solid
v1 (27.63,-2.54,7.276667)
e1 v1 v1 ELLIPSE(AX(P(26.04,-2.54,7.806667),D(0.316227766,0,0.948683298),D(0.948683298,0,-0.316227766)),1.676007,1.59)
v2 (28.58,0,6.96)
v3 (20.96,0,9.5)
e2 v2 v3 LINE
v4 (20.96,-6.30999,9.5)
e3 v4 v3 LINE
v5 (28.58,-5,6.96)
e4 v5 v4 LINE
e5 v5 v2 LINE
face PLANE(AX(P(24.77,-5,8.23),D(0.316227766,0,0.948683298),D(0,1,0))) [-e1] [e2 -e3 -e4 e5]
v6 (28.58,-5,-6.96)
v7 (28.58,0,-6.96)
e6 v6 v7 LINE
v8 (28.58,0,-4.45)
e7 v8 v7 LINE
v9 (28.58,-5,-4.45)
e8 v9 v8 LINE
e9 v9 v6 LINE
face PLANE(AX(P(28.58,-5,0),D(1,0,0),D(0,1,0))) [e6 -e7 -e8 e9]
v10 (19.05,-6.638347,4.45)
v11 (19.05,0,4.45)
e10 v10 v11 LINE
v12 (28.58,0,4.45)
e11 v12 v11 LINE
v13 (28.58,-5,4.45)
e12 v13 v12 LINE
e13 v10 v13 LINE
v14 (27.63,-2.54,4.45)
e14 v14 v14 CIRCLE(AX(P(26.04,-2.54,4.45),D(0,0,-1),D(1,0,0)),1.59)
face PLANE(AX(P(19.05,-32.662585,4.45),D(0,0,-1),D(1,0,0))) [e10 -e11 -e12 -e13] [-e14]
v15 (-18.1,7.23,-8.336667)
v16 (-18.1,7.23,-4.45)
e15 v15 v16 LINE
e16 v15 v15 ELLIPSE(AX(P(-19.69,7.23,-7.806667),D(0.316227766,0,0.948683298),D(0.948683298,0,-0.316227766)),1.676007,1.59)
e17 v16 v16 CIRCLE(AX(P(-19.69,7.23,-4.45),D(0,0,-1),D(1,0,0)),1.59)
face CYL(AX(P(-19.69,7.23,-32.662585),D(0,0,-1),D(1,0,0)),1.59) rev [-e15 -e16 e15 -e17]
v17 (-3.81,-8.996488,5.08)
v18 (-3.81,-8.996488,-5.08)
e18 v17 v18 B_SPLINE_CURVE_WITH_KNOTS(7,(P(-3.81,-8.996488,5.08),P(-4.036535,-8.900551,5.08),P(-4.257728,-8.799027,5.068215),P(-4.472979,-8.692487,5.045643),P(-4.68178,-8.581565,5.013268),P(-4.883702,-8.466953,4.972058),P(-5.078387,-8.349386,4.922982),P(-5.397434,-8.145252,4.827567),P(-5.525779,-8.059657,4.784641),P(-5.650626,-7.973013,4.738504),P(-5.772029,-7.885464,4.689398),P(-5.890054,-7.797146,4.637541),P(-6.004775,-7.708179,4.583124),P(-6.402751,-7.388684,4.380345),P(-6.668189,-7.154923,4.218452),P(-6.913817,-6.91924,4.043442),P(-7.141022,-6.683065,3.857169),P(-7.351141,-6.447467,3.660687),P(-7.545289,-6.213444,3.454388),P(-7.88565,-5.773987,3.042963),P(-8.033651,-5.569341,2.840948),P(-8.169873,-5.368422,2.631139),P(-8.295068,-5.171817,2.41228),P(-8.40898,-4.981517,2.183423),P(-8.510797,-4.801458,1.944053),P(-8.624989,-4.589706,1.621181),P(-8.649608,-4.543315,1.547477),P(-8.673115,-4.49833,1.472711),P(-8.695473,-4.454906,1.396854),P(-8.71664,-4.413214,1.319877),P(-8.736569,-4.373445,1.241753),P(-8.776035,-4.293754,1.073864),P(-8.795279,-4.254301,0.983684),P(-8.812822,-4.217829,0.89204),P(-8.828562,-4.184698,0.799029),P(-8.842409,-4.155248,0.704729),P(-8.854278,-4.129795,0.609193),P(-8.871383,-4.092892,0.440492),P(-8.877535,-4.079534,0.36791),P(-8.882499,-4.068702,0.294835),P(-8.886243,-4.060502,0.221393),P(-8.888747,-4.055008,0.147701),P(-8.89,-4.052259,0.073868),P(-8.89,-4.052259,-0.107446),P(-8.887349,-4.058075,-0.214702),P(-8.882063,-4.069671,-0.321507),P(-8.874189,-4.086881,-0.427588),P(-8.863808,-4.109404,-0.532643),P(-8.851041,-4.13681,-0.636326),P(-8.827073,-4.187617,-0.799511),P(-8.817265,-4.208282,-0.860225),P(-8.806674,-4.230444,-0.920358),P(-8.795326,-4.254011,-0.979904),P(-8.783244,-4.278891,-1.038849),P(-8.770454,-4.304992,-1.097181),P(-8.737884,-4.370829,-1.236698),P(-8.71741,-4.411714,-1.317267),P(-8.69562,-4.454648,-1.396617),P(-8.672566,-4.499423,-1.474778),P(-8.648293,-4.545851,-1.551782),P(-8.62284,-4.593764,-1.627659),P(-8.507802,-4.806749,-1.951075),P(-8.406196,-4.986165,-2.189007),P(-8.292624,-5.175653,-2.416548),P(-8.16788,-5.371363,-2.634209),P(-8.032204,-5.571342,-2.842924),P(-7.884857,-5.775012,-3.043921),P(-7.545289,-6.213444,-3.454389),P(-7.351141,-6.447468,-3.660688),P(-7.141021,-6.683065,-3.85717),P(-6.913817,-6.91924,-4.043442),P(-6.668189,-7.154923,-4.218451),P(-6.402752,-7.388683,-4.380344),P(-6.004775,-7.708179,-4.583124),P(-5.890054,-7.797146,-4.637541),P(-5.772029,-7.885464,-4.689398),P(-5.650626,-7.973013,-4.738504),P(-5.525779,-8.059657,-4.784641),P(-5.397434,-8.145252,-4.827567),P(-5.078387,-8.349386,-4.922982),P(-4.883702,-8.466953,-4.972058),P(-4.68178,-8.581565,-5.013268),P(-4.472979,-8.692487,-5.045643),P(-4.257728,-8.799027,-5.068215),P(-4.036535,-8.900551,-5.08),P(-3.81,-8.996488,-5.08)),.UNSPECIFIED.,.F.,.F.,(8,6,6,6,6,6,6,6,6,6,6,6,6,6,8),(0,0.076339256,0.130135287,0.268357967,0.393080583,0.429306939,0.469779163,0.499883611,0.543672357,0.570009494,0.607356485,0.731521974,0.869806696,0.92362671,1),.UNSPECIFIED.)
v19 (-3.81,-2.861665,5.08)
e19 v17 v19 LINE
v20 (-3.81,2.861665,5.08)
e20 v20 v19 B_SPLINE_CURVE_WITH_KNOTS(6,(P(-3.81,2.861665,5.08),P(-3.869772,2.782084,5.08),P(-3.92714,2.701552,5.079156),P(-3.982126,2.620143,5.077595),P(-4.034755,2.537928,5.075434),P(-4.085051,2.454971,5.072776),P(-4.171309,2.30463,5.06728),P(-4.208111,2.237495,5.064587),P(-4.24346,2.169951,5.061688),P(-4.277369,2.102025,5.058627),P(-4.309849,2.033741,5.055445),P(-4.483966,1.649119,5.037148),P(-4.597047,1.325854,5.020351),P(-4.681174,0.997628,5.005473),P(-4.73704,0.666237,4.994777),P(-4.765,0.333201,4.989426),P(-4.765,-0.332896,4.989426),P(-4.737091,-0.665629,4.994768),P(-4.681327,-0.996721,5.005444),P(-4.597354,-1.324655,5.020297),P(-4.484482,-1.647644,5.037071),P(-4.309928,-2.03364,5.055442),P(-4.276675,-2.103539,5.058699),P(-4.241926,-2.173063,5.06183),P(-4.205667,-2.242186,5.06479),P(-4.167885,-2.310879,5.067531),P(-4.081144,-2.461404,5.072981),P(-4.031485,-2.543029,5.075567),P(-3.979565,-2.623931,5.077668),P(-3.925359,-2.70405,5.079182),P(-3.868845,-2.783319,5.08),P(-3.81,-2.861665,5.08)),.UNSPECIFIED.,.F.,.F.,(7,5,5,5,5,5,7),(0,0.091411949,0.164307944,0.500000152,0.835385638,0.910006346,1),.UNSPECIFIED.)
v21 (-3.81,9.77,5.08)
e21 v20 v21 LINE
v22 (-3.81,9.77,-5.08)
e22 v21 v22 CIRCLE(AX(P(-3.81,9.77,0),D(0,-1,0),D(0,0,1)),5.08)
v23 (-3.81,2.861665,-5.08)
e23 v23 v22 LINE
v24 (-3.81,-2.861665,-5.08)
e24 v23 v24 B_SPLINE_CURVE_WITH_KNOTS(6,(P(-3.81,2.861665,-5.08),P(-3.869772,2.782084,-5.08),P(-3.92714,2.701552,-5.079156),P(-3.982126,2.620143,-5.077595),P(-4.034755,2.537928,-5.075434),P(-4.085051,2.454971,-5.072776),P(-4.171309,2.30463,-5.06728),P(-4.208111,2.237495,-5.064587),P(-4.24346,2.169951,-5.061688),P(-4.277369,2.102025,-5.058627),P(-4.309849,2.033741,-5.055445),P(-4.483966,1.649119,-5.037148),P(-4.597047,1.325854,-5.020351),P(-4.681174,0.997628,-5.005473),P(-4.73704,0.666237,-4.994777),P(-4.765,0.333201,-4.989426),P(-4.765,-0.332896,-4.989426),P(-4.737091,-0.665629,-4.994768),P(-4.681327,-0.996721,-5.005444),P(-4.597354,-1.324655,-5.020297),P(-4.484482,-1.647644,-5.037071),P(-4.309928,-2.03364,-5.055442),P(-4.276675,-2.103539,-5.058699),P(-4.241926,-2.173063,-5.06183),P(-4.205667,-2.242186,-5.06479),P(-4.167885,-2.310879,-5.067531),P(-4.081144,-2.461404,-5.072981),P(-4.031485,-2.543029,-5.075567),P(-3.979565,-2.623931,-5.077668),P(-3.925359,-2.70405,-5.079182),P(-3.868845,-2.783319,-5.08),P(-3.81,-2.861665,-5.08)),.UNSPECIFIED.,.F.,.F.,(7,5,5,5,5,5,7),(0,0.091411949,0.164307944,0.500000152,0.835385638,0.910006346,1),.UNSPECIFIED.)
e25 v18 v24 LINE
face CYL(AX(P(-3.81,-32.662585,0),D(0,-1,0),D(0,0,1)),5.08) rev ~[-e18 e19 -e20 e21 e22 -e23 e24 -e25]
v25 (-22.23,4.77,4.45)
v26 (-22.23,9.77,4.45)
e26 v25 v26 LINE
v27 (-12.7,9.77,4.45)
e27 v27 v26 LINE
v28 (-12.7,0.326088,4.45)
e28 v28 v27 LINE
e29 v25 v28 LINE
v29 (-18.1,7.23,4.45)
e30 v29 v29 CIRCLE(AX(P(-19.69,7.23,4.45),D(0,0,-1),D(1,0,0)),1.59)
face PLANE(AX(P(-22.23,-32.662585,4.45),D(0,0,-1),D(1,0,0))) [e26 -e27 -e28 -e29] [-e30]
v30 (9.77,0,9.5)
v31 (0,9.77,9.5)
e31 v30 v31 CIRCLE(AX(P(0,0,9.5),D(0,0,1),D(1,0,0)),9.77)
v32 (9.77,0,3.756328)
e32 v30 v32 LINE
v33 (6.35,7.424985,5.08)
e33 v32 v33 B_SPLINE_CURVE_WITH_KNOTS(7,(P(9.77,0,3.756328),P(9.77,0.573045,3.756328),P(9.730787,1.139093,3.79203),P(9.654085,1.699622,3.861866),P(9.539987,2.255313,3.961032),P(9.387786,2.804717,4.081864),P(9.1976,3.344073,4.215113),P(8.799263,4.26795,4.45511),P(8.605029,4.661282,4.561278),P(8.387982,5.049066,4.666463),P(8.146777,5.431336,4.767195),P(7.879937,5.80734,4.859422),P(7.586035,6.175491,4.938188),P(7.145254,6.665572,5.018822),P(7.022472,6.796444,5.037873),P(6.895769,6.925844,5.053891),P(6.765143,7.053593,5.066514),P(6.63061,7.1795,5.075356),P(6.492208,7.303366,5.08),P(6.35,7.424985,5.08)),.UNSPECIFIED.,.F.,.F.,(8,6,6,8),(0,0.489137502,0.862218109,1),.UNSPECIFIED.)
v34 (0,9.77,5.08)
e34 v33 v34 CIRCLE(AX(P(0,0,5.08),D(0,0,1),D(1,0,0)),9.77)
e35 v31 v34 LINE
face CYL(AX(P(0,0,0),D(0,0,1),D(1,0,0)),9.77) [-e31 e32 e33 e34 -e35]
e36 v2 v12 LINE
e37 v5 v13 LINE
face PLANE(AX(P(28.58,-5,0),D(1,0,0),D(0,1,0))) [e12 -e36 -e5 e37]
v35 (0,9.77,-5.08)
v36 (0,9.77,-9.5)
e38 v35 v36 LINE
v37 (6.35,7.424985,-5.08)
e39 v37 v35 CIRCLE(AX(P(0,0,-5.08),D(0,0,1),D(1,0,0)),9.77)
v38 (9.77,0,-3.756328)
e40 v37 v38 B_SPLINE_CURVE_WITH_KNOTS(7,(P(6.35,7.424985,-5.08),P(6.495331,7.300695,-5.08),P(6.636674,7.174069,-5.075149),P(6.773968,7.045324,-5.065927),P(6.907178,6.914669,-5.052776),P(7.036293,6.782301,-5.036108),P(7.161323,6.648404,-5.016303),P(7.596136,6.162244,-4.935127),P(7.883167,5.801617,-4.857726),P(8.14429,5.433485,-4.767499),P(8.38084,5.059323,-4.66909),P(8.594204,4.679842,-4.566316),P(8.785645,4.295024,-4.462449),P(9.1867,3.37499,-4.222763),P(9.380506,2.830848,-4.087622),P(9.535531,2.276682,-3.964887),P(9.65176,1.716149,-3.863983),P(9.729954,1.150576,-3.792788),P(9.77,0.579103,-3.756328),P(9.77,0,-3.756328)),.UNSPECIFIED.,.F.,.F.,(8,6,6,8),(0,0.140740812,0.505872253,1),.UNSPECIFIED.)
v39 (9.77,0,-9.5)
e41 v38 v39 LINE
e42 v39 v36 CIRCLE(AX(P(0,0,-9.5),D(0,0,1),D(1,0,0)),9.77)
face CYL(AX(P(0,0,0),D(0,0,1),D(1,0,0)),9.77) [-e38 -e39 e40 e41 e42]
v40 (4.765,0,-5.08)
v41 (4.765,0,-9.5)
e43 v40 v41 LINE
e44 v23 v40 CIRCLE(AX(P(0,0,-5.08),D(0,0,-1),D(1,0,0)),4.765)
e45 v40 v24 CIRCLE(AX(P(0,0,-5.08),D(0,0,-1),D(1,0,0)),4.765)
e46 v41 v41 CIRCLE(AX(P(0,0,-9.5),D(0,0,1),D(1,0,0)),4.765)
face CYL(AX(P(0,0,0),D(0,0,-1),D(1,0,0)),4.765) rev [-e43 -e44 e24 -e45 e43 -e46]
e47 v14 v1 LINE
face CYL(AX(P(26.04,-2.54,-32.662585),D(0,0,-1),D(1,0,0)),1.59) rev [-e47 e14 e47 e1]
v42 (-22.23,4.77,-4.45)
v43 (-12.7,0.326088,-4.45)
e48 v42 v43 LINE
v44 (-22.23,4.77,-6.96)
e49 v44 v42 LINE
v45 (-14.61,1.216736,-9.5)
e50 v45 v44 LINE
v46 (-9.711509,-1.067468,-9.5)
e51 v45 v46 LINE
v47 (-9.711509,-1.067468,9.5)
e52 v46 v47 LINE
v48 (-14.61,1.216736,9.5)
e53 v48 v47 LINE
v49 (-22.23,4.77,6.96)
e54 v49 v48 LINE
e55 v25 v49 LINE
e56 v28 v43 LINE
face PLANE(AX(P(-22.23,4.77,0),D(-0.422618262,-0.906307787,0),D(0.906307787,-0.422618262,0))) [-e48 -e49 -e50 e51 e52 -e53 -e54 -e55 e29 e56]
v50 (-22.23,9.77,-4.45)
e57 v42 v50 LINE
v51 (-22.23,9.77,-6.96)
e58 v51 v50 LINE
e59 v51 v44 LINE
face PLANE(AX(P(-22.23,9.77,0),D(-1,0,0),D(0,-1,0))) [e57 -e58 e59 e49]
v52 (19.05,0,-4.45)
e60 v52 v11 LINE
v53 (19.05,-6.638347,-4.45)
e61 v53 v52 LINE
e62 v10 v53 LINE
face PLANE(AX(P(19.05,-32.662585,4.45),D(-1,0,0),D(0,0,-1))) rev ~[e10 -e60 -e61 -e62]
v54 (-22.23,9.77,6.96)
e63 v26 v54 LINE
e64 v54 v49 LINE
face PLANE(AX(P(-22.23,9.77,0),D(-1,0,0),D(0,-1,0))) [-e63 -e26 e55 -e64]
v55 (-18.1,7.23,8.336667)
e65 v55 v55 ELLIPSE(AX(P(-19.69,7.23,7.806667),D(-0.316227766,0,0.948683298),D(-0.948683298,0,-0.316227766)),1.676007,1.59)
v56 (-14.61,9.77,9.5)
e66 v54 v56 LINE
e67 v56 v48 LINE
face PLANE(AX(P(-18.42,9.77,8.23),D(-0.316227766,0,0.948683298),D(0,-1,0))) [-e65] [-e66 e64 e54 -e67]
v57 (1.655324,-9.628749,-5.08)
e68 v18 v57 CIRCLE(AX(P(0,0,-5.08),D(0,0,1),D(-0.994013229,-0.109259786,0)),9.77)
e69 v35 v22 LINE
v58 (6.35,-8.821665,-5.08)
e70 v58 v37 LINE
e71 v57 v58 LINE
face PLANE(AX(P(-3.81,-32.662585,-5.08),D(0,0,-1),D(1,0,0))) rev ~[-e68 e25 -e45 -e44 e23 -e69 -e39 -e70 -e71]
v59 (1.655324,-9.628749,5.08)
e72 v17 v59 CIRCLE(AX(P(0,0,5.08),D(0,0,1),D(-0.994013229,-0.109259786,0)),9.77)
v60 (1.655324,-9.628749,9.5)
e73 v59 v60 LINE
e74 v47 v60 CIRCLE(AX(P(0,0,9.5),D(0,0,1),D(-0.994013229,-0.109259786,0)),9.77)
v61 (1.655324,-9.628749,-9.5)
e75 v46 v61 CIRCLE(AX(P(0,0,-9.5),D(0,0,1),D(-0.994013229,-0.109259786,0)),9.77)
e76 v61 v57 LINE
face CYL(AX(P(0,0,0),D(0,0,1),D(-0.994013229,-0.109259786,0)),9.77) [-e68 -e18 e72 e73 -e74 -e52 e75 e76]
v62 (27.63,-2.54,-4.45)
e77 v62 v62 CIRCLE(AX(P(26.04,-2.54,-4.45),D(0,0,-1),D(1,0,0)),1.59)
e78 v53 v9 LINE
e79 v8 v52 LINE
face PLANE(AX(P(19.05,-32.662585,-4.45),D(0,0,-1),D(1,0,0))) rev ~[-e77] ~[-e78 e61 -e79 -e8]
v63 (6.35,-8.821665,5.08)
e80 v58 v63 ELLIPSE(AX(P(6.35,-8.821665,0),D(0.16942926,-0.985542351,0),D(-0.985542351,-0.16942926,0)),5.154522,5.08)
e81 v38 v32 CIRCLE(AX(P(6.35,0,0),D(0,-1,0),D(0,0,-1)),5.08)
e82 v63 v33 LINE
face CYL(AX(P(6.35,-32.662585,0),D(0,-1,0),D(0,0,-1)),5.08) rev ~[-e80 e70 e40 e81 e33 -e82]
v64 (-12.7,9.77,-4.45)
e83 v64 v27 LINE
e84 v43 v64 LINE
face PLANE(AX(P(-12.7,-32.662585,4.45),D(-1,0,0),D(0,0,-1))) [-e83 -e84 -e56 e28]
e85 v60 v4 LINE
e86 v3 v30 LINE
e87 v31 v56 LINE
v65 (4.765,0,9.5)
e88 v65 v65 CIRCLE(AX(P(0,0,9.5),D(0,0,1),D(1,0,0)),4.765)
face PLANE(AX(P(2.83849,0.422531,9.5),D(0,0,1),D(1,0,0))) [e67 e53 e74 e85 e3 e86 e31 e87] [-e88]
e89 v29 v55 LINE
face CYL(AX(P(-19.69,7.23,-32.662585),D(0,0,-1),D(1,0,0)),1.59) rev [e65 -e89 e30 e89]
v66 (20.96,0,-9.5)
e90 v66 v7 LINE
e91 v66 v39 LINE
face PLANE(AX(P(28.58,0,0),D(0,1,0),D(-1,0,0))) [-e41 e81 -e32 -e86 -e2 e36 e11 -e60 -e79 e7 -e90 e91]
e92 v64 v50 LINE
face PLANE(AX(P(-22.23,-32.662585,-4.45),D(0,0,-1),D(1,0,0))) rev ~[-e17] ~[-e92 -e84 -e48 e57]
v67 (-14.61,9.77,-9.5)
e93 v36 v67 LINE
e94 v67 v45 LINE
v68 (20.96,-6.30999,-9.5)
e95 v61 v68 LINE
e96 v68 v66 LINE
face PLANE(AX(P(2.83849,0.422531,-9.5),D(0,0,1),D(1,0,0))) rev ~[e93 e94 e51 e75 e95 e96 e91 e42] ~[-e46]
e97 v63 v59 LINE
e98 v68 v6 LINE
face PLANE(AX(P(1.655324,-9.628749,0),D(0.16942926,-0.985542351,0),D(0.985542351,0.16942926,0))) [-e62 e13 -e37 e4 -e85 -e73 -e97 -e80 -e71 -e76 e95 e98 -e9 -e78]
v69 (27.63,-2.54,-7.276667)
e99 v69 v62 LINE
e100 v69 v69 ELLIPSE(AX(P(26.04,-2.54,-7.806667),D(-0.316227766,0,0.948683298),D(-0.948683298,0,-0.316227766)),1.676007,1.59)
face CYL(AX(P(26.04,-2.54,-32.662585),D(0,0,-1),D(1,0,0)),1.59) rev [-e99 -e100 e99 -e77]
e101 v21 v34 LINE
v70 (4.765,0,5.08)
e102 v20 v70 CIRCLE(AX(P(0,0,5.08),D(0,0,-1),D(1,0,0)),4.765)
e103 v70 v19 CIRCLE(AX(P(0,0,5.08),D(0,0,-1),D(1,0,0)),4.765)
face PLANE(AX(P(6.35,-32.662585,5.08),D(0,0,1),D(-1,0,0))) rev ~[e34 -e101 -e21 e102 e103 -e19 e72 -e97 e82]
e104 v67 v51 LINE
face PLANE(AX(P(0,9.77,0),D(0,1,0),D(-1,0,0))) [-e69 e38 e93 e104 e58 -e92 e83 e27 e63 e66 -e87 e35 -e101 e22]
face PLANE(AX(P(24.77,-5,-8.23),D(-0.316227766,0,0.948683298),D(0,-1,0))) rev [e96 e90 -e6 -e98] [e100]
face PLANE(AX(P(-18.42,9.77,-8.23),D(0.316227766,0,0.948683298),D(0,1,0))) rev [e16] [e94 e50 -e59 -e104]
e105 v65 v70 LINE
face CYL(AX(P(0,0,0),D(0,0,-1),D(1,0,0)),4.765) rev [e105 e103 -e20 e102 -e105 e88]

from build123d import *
from OCP.BRepFilletAPI import BRepFilletAPI_MakeChamfer

# Parameters (mm, degrees)
SKETCH1_R               = 4.765
BOSS_EXTRUDE1_DEPTH     = 9.5
CHAMFER1_SIZE           = 7.62
CHAMFER1_SIZE2          = 2.54
CHAMFER2_SIZE           = 2.54
CHAMFER2_SIZE2          = 7.62
CUT_EXTRUDE1_DEPTH      = 32.662585176
CUT_EXTRUDE1_DEPTH_BACK = 32.662585176
SKETCH2_W               = 9.53
SKETCH2_H               = 8.9
CUT_EXTRUDE2_DEPTH      = 32.662585176
CUT_EXTRUDE2_DEPTH_BACK = 32.662585176
CUT_EXTRUDE3_DEPTH      = 32.662585236
CUT_EXTRUDE3_DEPTH_BACK = 32.662585236
SKETCH4_R               = 1.59


with BuildPart() as part:
    # Sketch1 → Boss-Extrude1 (new, symmetric)
    with BuildSketch(Plane.XY):
        with BuildLine():
            Line((0, 9.77), (-22.23, 9.77))
            Line((-22.23, 9.77), (-22.23, 4.77))
            Line((-22.23, 4.77), (-9.711509246, -1.067468107))
            ThreePointArc((-9.711509246, -1.067468107), (-5.877874817, -7.804068659), (1.655323868, -9.628748771))
            Line((1.655323868, -9.628748771), (28.58, -5))
            Line((28.58, -5), (28.58, 0))
            Line((28.58, 0), (9.77, 0))
            ThreePointArc((9.77, 0), (6.908433252, 6.908433252), (0, 9.77))
        make_face()
        Circle(SKETCH1_R, mode=Mode.SUBTRACT)
    extrude(amount=BOSS_EXTRUDE1_DEPTH, both=True)

    # Chamfer1
    chamfer1_edges = [part.edges().sort_by_distance(p)[0] for p in [
        (-22.23, 7.27, -9.5),
        (28.58, -2.5, -9.5),
    ]]
    chamfer1_side = [part.faces().sort_by_distance(p)[0] for p in [
        (-11.115, 9.225622585, -9.5),
    ]]
    chamfer(chamfer1_edges, length=CHAMFER1_SIZE, length2=CHAMFER1_SIZE2, reference=chamfer1_side[0])

    # Chamfer2: one chamfer whose edges measure the first distance from different faces: ONE call of the kernel's chamfer builder (chamfer() names one face for all edges)
    chamfer2_edges_1 = [part.edges().sort_by_distance(p)[0] for p in [
        (-22.23, 7.27, 9.5),
    ]]
    chamfer2_side_1 = [part.faces().sort_by_distance(p)[0] for p in [
        (-22.23, 7.27, 1.27),
    ]]
    chamfer2_edges_2 = [part.edges().sort_by_distance(p)[0] for p in [
        (28.58, -2.5, 9.5),
    ]]
    chamfer2_side_2 = [part.faces().sort_by_distance(p)[0] for p in [
        (28.58, -2.5, 1.27),
    ]]
    chamfer2 = BRepFilletAPI_MakeChamfer(part.part.solid().wrapped)
    for e in chamfer2_edges_1:
        chamfer2.Add(CHAMFER2_SIZE, CHAMFER2_SIZE2, e.wrapped, chamfer2_side_1[0].wrapped)  # the first distance lies on this face
    for e in chamfer2_edges_2:
        chamfer2.Add(CHAMFER2_SIZE, CHAMFER2_SIZE2, e.wrapped, chamfer2_side_2[0].wrapped)  # the first distance lies on this face
    add(Compound.cast(chamfer2.Shape()), mode=Mode.REPLACE)

    # Sketch2 → Cut-Extrude1 (cut, two sides: drawn at the far end of the back side and taken through both)
    with BuildSketch(Plane(origin=(0, 0, 0), x_dir=(1, 0, 0), z_dir=(0, 1, 0)).offset(-CUT_EXTRUDE1_DEPTH_BACK)):
        with Locations((-17.465, 0)):
            Rectangle(SKETCH2_W, SKETCH2_H)
        with Locations((23.815, 0)):
            Rectangle(SKETCH2_W, SKETCH2_H)
    extrude(amount=CUT_EXTRUDE1_DEPTH + CUT_EXTRUDE1_DEPTH_BACK, mode=Mode.SUBTRACT)

    # Sketch3 → Cut-Extrude2 (cut, two sides: drawn at the far end of the back side and taken through both)
    with BuildSketch(Plane(origin=(0, 0, 0), x_dir=(1, 0, 0), z_dir=(0, 1, 0)).offset(-CUT_EXTRUDE2_DEPTH_BACK)):
        with BuildLine():
            Line((-3.81, 5.08), (6.35, 5.08))
            ThreePointArc((6.35, 5.08), (11.43, 0), (6.35, -5.08))
            Line((6.35, -5.08), (-3.81, -5.08))
            ThreePointArc((-3.81, -5.08), (-8.89, 0), (-3.81, 5.08))
        make_face()
    extrude(amount=CUT_EXTRUDE2_DEPTH + CUT_EXTRUDE2_DEPTH_BACK, mode=Mode.SUBTRACT)

    # Sketch4 → Cut-Extrude3 (cut, two sides: drawn at the far end of the back side and taken through both)
    with BuildSketch(Plane.XY.offset(-CUT_EXTRUDE3_DEPTH_BACK)):
        with Locations((-19.69, 7.23)):
            Circle(SKETCH4_R)
        with Locations((26.04, -2.54)):
            Circle(SKETCH4_R)
    extrude(amount=CUT_EXTRUDE3_DEPTH + CUT_EXTRUDE3_DEPTH_BACK, mode=Mode.SUBTRACT)


solid = part.part
